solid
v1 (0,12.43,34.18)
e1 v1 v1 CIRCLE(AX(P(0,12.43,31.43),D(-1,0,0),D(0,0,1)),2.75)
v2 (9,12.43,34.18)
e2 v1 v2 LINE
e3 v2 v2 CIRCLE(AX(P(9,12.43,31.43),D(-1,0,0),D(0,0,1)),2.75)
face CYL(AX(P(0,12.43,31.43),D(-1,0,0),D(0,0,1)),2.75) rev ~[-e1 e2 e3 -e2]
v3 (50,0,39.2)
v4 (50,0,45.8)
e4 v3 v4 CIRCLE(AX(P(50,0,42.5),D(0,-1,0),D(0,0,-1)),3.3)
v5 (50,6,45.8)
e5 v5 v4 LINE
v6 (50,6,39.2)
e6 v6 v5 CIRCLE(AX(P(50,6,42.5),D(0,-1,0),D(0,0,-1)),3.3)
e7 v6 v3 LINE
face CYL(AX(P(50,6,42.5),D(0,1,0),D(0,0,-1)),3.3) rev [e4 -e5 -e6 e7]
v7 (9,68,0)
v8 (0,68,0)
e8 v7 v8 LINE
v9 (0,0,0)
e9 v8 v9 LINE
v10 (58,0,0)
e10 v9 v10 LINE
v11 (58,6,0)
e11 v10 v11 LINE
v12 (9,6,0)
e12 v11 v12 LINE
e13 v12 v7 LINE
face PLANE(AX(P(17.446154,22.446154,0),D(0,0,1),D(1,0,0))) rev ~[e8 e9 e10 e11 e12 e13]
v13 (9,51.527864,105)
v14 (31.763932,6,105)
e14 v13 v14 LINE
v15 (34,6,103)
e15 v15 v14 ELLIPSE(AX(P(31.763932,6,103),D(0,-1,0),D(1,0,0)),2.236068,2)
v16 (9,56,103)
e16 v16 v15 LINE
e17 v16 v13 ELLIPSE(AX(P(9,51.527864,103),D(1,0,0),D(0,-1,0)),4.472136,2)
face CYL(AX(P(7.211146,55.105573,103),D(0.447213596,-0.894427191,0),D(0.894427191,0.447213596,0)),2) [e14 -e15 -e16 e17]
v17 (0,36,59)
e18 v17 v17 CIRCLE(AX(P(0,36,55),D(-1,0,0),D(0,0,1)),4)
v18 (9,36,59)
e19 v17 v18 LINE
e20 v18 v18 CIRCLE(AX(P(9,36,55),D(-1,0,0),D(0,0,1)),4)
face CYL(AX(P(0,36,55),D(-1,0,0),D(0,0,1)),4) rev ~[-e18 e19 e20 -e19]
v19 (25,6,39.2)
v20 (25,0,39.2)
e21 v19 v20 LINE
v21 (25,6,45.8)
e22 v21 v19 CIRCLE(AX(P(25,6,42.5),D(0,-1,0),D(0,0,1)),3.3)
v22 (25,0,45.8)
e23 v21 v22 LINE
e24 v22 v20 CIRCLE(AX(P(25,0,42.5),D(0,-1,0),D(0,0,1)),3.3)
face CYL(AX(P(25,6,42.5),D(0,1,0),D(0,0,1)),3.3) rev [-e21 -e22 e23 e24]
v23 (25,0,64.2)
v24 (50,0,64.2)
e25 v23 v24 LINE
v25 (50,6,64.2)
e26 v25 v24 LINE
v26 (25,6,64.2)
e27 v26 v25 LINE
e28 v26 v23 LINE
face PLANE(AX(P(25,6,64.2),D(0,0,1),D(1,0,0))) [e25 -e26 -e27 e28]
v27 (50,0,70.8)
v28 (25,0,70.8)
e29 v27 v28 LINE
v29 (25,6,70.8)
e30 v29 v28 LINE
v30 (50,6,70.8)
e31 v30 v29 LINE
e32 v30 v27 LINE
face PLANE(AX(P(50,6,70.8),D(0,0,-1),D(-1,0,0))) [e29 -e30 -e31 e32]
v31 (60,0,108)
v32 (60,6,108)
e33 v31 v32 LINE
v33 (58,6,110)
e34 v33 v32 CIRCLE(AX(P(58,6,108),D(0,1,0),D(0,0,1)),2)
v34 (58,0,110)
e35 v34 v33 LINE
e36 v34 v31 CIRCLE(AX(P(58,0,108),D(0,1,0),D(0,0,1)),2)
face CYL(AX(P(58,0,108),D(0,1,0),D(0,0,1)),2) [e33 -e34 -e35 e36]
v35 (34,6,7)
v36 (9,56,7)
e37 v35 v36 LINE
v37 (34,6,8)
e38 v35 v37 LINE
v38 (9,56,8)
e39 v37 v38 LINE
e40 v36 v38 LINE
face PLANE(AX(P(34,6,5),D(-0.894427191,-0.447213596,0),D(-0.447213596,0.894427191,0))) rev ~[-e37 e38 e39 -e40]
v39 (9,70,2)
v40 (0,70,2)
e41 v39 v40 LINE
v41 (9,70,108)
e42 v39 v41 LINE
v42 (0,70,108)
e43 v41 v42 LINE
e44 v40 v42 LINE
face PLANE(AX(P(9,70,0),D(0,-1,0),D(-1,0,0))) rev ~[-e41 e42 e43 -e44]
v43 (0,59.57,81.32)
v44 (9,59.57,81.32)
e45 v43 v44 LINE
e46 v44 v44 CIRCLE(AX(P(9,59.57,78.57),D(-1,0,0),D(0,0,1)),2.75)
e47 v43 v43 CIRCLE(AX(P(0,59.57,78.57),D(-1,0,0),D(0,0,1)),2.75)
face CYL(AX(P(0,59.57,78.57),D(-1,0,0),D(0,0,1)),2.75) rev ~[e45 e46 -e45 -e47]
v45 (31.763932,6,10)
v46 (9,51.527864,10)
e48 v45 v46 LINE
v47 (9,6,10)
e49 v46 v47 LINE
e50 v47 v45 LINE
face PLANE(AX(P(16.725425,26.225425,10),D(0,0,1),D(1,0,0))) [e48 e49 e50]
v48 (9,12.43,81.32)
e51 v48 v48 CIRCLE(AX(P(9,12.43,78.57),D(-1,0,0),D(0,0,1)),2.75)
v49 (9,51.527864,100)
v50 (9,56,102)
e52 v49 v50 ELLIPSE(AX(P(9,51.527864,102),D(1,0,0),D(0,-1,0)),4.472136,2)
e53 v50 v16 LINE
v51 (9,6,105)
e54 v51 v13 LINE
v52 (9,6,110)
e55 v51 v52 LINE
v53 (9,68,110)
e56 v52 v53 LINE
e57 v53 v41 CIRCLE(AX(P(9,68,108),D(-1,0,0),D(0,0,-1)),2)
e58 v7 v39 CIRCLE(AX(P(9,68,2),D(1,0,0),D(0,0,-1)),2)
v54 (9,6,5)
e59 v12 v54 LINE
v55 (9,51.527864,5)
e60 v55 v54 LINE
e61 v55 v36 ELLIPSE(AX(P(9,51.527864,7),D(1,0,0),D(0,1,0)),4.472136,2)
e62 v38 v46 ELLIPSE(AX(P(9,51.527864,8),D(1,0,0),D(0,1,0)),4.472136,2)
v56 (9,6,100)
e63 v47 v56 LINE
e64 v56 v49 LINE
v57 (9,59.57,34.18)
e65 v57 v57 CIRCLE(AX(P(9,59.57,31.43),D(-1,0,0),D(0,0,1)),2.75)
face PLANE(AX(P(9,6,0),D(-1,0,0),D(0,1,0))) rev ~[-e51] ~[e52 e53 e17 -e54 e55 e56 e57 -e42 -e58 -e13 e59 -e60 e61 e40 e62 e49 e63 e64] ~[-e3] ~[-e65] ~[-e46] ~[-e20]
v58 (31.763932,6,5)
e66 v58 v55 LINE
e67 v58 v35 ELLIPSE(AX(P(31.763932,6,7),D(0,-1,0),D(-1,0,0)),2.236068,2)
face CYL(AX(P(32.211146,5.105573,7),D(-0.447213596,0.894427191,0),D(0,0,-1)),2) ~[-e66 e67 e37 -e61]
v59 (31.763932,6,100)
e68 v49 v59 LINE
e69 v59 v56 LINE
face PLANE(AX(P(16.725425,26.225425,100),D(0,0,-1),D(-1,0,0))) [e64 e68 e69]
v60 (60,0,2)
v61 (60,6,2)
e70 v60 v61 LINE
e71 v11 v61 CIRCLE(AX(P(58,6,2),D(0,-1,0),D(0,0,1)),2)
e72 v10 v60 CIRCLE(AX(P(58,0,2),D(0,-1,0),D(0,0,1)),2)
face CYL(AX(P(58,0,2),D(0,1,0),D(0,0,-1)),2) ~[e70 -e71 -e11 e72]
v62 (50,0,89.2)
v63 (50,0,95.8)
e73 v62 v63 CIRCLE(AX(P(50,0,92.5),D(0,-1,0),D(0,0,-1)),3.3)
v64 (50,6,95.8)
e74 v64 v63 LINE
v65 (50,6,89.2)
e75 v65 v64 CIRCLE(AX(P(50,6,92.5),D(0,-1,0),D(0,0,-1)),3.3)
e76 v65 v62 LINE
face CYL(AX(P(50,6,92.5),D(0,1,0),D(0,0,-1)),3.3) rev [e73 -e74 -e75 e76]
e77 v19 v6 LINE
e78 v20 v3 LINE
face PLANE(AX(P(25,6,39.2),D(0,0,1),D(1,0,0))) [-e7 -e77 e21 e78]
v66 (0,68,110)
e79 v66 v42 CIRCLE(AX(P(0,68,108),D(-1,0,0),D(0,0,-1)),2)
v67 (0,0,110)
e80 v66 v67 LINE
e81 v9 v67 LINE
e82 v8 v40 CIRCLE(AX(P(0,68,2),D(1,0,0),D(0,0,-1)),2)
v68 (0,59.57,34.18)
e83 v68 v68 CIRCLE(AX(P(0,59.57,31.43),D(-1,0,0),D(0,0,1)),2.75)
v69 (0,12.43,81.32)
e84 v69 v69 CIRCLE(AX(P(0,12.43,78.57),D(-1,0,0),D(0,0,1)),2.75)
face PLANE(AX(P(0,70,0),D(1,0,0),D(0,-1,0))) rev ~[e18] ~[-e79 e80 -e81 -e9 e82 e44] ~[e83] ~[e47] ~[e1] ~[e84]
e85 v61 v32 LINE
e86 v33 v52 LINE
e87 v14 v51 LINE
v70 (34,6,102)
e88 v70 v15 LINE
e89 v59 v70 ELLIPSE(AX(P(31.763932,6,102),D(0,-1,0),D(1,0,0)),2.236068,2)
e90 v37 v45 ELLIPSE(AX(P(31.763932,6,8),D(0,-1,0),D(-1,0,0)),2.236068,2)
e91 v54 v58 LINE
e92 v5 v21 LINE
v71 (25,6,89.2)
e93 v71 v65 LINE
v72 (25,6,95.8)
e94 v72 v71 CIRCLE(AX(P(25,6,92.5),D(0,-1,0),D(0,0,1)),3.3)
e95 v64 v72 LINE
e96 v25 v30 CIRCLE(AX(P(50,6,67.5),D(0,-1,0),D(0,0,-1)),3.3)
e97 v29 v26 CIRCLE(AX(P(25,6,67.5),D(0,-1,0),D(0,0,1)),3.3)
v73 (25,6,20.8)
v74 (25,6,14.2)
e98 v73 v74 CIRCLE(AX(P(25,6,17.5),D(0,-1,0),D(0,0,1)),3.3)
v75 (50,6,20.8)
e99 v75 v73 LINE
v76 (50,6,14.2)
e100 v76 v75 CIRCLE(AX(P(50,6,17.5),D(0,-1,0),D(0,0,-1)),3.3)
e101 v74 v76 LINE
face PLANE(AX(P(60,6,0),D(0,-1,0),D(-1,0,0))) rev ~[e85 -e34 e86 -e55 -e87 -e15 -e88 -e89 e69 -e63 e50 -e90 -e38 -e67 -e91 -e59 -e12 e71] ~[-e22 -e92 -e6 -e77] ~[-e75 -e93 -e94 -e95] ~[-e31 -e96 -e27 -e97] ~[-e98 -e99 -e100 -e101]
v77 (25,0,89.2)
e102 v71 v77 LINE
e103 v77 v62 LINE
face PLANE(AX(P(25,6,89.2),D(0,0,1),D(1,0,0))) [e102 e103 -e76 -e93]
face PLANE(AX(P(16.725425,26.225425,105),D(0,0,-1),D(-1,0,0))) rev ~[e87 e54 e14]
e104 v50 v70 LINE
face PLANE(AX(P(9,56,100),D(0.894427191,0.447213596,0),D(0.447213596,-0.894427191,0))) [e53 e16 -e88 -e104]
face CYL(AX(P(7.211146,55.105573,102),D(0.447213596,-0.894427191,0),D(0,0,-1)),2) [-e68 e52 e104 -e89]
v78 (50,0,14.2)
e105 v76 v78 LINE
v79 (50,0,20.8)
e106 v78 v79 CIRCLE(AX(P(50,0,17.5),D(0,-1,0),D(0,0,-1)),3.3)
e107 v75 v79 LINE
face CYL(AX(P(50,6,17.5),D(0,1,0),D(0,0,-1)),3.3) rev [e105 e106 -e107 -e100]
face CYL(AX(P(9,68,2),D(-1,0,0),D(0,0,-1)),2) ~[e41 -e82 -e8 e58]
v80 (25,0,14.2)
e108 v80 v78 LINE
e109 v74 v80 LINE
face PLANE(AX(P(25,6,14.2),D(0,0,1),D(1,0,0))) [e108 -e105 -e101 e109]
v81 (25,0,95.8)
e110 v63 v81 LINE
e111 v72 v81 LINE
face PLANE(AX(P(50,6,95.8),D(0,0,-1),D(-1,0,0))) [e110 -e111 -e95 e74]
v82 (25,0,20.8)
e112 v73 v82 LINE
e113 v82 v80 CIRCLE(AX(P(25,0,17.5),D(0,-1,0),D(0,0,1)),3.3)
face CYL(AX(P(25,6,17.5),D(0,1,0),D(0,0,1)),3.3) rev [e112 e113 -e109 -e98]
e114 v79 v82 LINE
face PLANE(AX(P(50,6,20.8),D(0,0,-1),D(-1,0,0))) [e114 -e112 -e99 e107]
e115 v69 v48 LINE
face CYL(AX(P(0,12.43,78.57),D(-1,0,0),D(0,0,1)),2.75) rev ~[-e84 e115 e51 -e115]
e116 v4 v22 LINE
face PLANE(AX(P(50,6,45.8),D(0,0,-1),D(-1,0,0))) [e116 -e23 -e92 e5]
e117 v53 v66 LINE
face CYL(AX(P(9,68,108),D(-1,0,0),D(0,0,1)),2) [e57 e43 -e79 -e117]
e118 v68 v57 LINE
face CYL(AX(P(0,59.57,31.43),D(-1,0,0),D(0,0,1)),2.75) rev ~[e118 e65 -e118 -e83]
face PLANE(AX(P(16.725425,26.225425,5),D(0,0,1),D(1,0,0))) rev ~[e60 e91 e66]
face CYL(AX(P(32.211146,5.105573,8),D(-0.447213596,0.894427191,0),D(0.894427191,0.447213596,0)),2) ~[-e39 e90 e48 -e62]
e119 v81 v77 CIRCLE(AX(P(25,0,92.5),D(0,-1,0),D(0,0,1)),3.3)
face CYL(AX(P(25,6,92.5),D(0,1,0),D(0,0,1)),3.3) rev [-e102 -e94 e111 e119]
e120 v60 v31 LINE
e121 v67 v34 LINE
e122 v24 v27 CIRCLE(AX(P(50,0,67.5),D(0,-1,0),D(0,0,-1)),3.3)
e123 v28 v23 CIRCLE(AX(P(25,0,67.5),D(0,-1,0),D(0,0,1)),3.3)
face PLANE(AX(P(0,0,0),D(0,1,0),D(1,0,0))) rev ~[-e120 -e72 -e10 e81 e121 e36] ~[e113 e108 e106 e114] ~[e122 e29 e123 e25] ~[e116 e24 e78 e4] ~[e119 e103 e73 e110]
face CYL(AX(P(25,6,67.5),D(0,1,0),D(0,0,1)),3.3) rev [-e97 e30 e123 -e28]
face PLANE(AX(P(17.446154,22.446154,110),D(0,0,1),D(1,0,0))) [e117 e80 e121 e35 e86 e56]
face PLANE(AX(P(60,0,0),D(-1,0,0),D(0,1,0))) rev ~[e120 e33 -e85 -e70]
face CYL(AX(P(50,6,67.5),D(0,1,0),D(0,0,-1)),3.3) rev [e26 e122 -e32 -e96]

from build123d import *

# Parameters (mm, degrees)
BOSS_EXTRUDE1_DEPTH      = 110
SKETCH2_R                = 4
SKETCH2_R_2              = 2.75
CUT_EXTRUDE1_DEPTH       = 9
CUT_EXTRUDE2_DEPTH       = 6
BOSS_EXTRUDE2_DEPTH      = 3
BOSS_EXTRUDE2_DEPTH_BACK = 2
BOSS_EXTRUDE4_DEPTH      = 2
BOSS_EXTRUDE4_DEPTH_BACK = 3
FILLET1_R                = 2


with BuildPart() as part:
    # Sketch1 → Boss-Extrude1 (new body)
    with BuildSketch(Plane.XY):
        Polygon((0, 0), (60, 0), (60, 6), (9, 6), (9, 70), (0, 70), align=None)
    extrude(amount=BOSS_EXTRUDE1_DEPTH)

    # Sketch2 → Cut-Extrude1 (cut)
    with BuildSketch(Plane.ZY):
        with Locations((55, 36)):
            Circle(SKETCH2_R)
        with Locations((78.57, 59.57)):
            Circle(SKETCH2_R_2)
        with Locations((31.43, 59.57)):
            Circle(SKETCH2_R_2)
        with Locations((31.43, 12.43)):
            Circle(SKETCH2_R_2)
        with Locations((78.57, 12.43)):
            Circle(SKETCH2_R_2)
    extrude(amount=-CUT_EXTRUDE1_DEPTH, mode=Mode.SUBTRACT)

    # Sketch3 → Cut-Extrude2 (cut)
    with BuildSketch(Plane(origin=(0, 6, 0), x_dir=(1, 0, 0), z_dir=(0, 1, 0))):
        with BuildLine():
            Line((25, -14.2), (50, -14.2))
            ThreePointArc((50, -14.2), (53.3, -17.5), (50, -20.8))
            Line((50, -20.8), (25, -20.8))
            ThreePointArc((25, -20.8), (21.7, -17.5), (25, -14.2))
        make_face()
        with BuildLine():
            Line((25, -39.2), (50, -39.2))
            ThreePointArc((50, -39.2), (53.3, -42.5), (50, -45.8))
            Line((50, -45.8), (25, -45.8))
            ThreePointArc((25, -45.8), (21.7, -42.5), (25, -39.2))
        make_face()
        with BuildLine():
            Line((25, -64.2), (50, -64.2))
            ThreePointArc((50, -64.2), (53.3, -67.5), (50, -70.8))
            Line((50, -70.8), (25, -70.8))
            ThreePointArc((25, -70.8), (21.7, -67.5), (25, -64.2))
        make_face()
        with BuildLine():
            Line((25, -89.2), (50, -89.2))
            ThreePointArc((50, -89.2), (53.3, -92.5), (50, -95.8))
            Line((50, -95.8), (25, -95.8))
            ThreePointArc((25, -95.8), (21.7, -92.5), (25, -89.2))
        make_face()
    extrude(amount=-CUT_EXTRUDE2_DEPTH, mode=Mode.SUBTRACT)

    # Sketch7 → Boss-Extrude2 (add, two sides: drawn at the far end of the back side and taken through both)
    with BuildSketch(Plane.XY.offset(102).offset(-BOSS_EXTRUDE2_DEPTH_BACK)):
        Polygon((9, 56), (34, 6), (9, 6), align=None)
    extrude(amount=BOSS_EXTRUDE2_DEPTH + BOSS_EXTRUDE2_DEPTH_BACK)

    # Sketch9 → Boss-Extrude4 (add, two sides: drawn at the far end of the back side and taken through both)
    with BuildSketch(Plane.XY.offset(8).offset(-BOSS_EXTRUDE4_DEPTH_BACK)):
        Polygon((9, 56), (9, 6), (34, 6), align=None)
    extrude(amount=BOSS_EXTRUDE4_DEPTH + BOSS_EXTRUDE4_DEPTH_BACK)

    # Fillet1
    fillet1_edges = [part.edges().sort_by_distance(p)[0] for p in [
        (21.5, 31, 100),
        (21.5, 31, 105),
        (21.5, 31, 5),
        (21.5, 31, 10),
        (60, 3, 110),
        (4.5, 70, 110),
        (4.5, 70, 0),
        (60, 3, 0),
    ]]
    fillet(fillet1_edges, radius=FILLET1_R)


solid = part.part
